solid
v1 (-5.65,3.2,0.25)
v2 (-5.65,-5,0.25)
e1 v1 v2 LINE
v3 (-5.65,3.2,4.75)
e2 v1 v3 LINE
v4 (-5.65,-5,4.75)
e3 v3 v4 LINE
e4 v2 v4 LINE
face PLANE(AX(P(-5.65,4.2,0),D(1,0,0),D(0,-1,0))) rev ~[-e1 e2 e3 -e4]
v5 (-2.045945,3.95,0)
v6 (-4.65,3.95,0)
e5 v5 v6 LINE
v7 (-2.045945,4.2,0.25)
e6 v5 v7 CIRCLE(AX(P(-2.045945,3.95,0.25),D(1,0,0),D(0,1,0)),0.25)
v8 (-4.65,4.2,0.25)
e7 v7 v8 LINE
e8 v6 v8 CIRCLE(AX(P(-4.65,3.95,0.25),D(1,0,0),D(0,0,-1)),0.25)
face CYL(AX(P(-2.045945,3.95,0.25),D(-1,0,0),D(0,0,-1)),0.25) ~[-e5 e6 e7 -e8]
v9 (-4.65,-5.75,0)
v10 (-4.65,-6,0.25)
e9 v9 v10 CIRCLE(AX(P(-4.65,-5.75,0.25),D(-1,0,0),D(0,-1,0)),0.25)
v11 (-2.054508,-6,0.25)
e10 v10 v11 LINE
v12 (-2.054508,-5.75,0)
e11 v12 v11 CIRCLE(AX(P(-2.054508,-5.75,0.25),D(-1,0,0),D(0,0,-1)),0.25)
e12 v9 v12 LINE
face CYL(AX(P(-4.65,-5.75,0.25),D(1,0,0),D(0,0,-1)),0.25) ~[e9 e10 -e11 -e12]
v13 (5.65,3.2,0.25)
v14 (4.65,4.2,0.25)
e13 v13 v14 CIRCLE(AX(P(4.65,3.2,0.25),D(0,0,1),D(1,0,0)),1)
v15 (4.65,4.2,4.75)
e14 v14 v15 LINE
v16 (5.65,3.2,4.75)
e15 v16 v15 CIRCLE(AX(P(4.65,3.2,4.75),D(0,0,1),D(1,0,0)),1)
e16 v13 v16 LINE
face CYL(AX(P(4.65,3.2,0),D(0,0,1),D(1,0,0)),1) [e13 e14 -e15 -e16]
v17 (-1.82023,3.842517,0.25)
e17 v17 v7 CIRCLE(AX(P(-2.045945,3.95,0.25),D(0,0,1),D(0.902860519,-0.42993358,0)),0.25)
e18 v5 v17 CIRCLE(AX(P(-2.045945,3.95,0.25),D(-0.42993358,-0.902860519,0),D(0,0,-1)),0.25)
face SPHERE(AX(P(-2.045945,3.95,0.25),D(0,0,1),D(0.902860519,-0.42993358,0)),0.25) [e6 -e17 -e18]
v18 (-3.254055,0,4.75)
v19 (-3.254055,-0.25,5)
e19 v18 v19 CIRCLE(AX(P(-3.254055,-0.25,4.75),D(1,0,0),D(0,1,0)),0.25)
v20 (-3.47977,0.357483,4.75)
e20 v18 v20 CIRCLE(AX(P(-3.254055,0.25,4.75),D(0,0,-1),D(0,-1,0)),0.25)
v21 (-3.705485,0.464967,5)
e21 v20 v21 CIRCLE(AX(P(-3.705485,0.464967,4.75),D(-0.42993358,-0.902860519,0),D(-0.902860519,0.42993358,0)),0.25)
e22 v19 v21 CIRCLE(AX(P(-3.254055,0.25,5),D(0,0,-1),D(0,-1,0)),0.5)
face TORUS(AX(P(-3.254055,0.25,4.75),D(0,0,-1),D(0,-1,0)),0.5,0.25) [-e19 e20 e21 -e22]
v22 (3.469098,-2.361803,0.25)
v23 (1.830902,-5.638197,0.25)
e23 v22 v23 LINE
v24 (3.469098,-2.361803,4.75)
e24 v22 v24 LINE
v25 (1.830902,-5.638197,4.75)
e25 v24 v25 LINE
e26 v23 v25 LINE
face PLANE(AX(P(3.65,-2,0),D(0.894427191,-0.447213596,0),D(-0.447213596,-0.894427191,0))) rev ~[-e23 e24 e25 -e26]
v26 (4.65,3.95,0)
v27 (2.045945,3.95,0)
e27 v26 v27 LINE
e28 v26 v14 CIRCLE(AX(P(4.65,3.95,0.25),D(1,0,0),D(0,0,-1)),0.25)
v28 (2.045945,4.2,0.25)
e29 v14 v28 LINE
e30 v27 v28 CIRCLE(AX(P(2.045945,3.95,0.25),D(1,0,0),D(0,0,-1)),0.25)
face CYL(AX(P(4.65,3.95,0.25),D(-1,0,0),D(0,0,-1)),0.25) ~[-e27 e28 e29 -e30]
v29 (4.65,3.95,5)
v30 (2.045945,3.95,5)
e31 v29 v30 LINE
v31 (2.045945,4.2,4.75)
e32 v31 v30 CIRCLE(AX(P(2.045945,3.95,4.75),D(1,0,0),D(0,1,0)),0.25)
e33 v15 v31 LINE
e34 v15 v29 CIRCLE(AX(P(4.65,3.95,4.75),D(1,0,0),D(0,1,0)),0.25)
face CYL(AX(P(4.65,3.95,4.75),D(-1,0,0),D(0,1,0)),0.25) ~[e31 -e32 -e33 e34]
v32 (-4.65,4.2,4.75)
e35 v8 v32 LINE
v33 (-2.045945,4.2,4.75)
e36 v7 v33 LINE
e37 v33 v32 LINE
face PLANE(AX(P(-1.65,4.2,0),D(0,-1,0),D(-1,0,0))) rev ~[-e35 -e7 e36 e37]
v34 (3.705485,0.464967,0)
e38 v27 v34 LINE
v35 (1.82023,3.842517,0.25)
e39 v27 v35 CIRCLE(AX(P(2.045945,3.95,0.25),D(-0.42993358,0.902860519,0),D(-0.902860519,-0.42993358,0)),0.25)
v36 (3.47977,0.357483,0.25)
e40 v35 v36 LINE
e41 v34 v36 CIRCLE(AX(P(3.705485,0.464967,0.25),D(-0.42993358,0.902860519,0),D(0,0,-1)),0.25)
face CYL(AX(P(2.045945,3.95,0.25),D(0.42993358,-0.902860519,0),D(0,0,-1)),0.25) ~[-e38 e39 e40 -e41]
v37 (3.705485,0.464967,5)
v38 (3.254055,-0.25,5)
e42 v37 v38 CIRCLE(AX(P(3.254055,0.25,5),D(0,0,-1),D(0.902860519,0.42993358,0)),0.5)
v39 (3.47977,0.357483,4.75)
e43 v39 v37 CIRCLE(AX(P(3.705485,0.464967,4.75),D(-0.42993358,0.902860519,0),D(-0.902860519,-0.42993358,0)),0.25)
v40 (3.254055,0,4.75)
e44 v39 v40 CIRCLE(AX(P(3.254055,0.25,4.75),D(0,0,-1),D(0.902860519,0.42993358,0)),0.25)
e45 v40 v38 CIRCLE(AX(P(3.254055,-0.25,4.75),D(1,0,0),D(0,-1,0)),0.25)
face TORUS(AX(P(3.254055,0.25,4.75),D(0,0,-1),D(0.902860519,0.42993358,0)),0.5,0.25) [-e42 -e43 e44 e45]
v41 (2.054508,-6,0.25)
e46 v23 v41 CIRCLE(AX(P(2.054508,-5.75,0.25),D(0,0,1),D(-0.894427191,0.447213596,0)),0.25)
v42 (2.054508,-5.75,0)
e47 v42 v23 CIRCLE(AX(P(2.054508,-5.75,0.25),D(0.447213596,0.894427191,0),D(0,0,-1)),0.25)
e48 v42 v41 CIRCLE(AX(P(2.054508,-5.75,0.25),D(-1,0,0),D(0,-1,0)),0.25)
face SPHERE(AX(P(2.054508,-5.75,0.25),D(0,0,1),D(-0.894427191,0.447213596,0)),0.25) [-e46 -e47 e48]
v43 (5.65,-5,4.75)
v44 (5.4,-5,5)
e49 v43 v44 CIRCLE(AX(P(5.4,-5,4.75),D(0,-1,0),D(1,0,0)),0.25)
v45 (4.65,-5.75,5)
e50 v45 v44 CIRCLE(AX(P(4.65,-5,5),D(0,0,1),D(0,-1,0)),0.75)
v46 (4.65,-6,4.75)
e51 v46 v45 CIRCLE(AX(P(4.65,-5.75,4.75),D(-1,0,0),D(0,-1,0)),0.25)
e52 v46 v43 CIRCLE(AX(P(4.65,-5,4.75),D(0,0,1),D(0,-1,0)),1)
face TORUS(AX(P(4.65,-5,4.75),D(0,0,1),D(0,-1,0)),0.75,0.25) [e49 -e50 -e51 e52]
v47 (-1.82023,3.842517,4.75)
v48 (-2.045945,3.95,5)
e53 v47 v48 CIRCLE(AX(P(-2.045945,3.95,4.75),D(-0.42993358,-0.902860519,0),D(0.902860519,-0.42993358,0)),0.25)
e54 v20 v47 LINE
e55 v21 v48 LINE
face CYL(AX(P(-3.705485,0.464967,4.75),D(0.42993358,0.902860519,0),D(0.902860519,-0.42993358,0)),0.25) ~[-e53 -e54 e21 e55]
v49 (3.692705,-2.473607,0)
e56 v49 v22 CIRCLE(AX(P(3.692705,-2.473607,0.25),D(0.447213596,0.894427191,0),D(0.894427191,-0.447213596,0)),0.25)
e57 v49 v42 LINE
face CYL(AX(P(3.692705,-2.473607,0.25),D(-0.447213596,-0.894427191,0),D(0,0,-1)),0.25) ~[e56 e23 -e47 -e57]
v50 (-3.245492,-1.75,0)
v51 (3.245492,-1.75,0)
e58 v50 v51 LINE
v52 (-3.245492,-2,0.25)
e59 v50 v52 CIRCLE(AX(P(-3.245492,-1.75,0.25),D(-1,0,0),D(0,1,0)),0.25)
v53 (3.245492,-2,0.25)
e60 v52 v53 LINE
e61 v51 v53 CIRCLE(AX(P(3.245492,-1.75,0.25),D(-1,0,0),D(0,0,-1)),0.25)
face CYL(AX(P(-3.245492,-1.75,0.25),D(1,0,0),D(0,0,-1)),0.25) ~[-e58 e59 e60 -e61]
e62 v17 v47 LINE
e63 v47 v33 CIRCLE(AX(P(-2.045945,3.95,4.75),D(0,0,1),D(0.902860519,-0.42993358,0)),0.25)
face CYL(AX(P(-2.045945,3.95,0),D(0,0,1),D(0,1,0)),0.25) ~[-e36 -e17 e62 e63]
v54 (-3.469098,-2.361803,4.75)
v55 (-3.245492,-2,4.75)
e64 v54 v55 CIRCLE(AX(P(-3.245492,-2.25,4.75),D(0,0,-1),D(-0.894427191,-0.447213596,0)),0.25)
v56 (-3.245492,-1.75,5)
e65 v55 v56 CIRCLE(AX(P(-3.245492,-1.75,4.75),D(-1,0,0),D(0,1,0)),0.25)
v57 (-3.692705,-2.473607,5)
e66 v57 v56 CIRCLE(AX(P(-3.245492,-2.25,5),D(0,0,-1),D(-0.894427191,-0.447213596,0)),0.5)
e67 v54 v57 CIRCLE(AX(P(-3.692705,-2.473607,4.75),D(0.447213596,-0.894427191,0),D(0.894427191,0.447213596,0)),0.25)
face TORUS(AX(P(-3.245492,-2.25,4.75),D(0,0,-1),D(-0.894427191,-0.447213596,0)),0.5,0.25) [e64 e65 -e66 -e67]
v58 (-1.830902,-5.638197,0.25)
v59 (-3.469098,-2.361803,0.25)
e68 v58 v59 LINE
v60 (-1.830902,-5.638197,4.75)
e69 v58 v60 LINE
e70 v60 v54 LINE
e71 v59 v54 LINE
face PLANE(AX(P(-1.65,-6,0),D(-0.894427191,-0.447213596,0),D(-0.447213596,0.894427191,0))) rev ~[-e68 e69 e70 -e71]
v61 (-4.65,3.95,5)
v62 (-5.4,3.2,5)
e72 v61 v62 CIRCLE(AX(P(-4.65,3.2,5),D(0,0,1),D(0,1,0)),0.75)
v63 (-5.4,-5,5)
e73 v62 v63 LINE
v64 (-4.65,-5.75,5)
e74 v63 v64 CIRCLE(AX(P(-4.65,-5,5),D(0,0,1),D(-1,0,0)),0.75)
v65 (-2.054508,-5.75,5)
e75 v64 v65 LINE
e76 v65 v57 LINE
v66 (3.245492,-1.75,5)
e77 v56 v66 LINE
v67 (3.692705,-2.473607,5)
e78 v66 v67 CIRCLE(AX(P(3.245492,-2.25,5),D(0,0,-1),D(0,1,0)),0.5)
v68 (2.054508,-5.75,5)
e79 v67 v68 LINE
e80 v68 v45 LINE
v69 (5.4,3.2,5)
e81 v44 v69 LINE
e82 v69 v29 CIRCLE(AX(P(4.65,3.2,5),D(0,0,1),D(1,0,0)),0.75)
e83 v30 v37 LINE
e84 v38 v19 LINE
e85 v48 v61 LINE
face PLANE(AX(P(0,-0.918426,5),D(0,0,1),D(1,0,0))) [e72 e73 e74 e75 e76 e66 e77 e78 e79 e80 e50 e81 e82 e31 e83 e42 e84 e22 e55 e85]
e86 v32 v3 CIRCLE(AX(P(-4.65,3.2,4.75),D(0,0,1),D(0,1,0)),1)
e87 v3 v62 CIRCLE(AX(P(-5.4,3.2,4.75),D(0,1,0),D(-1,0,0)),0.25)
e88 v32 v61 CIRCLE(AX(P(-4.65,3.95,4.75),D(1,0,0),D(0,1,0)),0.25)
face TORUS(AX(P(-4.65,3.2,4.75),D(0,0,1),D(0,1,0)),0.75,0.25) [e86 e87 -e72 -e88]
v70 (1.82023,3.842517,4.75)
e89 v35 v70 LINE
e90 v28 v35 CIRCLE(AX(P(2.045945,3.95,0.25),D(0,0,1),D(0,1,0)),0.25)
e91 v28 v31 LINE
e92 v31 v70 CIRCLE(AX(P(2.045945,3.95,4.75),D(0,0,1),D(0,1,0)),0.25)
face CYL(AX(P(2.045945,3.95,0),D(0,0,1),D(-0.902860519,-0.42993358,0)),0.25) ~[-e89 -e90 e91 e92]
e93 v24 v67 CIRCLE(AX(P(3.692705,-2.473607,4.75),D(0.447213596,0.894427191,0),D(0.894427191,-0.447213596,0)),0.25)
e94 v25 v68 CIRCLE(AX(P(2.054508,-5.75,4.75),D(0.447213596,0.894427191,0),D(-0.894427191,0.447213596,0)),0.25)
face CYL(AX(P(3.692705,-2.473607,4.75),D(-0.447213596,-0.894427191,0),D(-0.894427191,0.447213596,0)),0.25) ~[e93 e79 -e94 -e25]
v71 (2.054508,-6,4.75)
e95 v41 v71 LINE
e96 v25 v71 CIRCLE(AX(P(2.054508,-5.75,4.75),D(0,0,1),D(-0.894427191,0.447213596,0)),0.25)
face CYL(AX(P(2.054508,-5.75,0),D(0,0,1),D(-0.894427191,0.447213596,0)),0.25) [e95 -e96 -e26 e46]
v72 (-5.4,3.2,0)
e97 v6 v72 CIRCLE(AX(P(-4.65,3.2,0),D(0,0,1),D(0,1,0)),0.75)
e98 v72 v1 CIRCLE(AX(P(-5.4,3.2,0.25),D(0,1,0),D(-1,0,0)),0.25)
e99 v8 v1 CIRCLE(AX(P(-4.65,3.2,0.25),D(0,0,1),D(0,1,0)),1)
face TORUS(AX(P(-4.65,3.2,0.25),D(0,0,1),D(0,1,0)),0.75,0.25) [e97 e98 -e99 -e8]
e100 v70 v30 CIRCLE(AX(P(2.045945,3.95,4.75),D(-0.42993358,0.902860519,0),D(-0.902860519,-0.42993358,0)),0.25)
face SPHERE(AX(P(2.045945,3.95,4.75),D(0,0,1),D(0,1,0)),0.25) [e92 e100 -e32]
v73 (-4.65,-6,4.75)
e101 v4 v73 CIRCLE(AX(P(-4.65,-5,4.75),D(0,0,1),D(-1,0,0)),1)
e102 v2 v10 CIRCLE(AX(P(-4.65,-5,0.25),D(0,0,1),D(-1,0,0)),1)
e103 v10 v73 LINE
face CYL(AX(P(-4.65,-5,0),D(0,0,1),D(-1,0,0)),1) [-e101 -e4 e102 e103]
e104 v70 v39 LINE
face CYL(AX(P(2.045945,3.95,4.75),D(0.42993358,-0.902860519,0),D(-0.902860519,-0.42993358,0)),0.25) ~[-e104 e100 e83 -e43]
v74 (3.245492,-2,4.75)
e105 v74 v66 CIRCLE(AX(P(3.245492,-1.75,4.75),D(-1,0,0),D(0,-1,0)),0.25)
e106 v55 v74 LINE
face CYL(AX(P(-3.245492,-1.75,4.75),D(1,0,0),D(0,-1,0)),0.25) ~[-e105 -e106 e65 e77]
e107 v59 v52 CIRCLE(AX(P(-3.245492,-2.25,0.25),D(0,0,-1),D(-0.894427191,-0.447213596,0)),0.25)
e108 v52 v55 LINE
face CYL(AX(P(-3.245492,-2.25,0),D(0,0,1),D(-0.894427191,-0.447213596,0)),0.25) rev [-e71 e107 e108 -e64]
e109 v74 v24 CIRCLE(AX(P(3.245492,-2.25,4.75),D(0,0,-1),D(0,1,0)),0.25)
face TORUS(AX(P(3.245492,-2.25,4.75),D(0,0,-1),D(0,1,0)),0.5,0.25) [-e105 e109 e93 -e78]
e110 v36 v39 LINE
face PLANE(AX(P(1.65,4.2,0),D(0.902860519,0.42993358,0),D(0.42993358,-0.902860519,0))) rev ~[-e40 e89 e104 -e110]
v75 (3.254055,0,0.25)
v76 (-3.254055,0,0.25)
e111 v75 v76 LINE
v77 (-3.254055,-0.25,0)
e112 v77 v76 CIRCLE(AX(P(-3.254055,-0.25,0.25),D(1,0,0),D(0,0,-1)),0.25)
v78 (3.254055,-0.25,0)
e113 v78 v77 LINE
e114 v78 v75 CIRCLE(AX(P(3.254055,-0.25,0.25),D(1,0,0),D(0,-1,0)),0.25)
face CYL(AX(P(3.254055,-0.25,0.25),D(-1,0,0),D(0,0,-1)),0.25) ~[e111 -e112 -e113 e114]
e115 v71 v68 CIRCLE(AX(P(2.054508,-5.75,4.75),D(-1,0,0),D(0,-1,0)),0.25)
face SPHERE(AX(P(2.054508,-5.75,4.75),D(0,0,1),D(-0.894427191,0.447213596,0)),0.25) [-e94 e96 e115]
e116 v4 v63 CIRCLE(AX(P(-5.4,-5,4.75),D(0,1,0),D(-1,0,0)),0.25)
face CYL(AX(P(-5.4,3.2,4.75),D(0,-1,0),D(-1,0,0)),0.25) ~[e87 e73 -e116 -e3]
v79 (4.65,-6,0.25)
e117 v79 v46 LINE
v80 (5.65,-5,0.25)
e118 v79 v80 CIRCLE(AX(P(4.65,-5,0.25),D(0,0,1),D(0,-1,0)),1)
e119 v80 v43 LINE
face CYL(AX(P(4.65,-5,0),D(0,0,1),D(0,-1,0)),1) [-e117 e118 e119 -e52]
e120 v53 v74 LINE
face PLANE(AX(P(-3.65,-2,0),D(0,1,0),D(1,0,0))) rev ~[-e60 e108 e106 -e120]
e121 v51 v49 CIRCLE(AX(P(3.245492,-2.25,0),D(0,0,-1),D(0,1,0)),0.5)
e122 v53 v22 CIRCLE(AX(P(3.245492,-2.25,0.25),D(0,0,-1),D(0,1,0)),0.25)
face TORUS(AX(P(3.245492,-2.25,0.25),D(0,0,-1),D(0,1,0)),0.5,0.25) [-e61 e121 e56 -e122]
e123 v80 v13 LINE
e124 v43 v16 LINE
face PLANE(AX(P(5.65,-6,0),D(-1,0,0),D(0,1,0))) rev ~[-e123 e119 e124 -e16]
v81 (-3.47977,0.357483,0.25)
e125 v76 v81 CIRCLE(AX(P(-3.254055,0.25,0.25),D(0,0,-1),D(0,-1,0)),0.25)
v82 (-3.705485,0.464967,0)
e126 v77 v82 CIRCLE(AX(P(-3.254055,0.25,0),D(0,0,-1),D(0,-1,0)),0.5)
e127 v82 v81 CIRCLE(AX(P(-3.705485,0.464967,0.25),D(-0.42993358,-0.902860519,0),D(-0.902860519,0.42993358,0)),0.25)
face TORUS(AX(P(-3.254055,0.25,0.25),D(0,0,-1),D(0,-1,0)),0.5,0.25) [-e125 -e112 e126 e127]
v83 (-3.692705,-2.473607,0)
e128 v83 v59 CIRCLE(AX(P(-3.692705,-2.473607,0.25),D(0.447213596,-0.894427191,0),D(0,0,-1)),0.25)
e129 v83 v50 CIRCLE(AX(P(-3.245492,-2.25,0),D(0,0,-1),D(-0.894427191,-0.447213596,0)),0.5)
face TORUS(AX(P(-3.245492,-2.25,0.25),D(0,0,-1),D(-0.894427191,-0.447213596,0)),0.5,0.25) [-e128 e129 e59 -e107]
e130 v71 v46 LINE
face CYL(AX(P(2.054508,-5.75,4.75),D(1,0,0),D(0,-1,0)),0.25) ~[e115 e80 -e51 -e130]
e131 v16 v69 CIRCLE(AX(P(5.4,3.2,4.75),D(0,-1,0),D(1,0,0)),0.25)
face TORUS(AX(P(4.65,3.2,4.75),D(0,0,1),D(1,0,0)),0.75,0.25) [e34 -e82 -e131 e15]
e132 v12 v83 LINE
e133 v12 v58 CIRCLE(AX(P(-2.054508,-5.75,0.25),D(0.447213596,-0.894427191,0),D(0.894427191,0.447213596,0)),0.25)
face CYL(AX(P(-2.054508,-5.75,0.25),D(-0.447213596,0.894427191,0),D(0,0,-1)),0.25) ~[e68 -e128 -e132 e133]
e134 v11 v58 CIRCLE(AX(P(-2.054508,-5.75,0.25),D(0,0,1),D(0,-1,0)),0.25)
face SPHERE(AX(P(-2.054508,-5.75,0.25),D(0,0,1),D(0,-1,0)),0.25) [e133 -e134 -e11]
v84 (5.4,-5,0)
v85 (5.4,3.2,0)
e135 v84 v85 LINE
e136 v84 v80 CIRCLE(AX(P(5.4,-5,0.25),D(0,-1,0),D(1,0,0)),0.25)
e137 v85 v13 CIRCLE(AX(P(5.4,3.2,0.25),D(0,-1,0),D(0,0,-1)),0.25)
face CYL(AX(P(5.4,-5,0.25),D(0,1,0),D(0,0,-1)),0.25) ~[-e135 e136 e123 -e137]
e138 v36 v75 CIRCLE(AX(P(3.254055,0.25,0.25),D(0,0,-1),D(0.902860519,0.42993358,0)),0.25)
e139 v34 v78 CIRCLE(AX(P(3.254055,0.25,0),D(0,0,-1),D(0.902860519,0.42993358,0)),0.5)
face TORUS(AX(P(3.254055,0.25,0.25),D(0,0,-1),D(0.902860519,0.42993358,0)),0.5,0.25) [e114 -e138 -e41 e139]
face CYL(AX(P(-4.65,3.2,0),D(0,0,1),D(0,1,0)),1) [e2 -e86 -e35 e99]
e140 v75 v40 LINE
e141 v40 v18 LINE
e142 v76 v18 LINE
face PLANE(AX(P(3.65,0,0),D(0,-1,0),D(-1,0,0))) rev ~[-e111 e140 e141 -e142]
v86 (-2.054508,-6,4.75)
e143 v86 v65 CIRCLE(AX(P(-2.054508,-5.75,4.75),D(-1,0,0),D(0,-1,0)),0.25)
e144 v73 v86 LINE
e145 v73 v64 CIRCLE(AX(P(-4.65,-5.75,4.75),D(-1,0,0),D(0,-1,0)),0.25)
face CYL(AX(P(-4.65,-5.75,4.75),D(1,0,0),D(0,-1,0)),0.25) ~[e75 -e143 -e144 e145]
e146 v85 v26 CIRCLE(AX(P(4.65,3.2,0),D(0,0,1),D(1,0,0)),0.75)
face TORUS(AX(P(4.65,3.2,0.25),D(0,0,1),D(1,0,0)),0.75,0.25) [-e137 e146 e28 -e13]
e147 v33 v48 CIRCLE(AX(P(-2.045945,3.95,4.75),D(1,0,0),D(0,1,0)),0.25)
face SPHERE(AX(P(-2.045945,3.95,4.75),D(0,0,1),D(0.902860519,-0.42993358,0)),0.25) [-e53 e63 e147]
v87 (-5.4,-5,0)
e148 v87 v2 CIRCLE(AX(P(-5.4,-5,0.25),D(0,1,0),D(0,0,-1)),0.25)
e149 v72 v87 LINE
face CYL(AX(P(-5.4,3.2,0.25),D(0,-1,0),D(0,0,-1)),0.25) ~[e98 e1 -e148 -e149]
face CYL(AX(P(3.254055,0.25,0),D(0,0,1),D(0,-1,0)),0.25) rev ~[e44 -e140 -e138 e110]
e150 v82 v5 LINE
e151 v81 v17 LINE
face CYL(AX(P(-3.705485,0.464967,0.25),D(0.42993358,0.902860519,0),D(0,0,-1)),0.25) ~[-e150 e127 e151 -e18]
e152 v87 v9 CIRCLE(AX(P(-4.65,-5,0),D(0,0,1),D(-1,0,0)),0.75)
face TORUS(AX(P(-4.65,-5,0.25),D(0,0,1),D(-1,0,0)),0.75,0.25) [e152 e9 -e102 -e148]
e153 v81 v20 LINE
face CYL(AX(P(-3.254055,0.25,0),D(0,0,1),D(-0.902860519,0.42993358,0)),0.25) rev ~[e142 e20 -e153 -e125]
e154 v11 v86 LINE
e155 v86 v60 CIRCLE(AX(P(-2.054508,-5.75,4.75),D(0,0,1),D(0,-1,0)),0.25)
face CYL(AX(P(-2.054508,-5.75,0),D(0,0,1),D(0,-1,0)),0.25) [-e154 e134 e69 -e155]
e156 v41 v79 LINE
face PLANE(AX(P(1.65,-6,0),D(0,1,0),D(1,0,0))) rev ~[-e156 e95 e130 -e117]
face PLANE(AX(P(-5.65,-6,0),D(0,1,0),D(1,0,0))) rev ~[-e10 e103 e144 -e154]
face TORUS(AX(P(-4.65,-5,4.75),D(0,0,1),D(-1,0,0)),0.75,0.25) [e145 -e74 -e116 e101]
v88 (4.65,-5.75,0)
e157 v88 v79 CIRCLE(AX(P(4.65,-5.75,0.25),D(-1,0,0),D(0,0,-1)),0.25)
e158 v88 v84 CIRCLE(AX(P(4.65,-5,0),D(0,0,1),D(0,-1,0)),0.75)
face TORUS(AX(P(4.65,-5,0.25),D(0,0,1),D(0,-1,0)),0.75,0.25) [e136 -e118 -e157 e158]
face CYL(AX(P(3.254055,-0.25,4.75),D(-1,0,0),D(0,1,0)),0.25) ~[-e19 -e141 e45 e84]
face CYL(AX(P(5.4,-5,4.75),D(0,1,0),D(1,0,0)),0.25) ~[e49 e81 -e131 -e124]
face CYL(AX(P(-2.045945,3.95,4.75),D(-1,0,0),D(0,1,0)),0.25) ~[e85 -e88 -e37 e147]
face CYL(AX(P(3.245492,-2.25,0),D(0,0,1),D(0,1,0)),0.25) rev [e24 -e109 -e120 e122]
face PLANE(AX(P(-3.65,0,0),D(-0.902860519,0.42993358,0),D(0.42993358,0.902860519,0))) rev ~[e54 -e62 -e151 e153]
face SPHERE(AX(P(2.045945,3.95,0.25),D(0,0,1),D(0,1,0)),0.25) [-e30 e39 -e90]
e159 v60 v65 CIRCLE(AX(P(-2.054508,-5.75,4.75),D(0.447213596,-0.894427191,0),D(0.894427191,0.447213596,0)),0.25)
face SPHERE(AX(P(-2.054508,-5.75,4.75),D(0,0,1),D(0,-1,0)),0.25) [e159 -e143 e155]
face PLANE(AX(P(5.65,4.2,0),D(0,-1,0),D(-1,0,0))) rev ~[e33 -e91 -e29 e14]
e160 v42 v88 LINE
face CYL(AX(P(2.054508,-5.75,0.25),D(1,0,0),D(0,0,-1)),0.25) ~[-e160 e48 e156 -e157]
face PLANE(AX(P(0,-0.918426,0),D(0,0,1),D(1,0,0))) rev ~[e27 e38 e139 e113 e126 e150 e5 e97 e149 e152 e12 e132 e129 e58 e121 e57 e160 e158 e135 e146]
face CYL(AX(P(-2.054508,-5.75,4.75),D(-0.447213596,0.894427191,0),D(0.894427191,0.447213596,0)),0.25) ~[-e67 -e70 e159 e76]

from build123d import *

# Parameters (mm, degrees)
F1_DEPTH = 5
F2_R     = 1
F3_R     = 0.25
F4_R     = 0.25


with BuildPart() as f1:
    # F0 (on Top) → F1 (new body)
    with BuildSketch(Plane.XY):
        Polygon((3.65, 0), (-3.65, 0), (-1.65, 4.2), (-5.65, 4.2), (-5.65, -6), (-1.65, -6), (-3.65, -2), (3.65, -2), (1.65, -6), (5.65, -6), (5.65, 0), (5.65, 4.2), (1.65, 4.2), align=None)
    extrude(amount=F1_DEPTH)

    # F2
    f2_edges = [f1.edges().sort_by_distance(p)[0] for p in [
        (-5.65, -6, 2.5),
        (-5.65, 4.2, 2.5),
        (5.65, -6, 2.5),
        (5.65, 4.2, 2.5),
    ]]
    fillet(f2_edges, radius=F2_R)

    # F3
    f3_edges = [f1.edges().sort_by_distance(p)[0] for p in [
        (1.65, 4.2, 2.5),
        (-1.65, 4.2, 2.5),
        (3.65, 0, 2.5),
        (-3.65, 0, 2.5),
        (-3.65, -2, 2.5),
        (3.65, -2, 2.5),
        (1.65, -6, 2.5),
        (-1.65, -6, 2.5),
    ]]
    fillet(f3_edges, radius=F3_R)

    # F4
    f4_edges = [f1.edges().sort_by_distance(p)[0] for p in [
        (-5.357107, 3.907107, 5),
        (3.347973, 4.2, 0),
    ]]
    fillet(f4_edges, radius=F4_R)


solid = f1.part
